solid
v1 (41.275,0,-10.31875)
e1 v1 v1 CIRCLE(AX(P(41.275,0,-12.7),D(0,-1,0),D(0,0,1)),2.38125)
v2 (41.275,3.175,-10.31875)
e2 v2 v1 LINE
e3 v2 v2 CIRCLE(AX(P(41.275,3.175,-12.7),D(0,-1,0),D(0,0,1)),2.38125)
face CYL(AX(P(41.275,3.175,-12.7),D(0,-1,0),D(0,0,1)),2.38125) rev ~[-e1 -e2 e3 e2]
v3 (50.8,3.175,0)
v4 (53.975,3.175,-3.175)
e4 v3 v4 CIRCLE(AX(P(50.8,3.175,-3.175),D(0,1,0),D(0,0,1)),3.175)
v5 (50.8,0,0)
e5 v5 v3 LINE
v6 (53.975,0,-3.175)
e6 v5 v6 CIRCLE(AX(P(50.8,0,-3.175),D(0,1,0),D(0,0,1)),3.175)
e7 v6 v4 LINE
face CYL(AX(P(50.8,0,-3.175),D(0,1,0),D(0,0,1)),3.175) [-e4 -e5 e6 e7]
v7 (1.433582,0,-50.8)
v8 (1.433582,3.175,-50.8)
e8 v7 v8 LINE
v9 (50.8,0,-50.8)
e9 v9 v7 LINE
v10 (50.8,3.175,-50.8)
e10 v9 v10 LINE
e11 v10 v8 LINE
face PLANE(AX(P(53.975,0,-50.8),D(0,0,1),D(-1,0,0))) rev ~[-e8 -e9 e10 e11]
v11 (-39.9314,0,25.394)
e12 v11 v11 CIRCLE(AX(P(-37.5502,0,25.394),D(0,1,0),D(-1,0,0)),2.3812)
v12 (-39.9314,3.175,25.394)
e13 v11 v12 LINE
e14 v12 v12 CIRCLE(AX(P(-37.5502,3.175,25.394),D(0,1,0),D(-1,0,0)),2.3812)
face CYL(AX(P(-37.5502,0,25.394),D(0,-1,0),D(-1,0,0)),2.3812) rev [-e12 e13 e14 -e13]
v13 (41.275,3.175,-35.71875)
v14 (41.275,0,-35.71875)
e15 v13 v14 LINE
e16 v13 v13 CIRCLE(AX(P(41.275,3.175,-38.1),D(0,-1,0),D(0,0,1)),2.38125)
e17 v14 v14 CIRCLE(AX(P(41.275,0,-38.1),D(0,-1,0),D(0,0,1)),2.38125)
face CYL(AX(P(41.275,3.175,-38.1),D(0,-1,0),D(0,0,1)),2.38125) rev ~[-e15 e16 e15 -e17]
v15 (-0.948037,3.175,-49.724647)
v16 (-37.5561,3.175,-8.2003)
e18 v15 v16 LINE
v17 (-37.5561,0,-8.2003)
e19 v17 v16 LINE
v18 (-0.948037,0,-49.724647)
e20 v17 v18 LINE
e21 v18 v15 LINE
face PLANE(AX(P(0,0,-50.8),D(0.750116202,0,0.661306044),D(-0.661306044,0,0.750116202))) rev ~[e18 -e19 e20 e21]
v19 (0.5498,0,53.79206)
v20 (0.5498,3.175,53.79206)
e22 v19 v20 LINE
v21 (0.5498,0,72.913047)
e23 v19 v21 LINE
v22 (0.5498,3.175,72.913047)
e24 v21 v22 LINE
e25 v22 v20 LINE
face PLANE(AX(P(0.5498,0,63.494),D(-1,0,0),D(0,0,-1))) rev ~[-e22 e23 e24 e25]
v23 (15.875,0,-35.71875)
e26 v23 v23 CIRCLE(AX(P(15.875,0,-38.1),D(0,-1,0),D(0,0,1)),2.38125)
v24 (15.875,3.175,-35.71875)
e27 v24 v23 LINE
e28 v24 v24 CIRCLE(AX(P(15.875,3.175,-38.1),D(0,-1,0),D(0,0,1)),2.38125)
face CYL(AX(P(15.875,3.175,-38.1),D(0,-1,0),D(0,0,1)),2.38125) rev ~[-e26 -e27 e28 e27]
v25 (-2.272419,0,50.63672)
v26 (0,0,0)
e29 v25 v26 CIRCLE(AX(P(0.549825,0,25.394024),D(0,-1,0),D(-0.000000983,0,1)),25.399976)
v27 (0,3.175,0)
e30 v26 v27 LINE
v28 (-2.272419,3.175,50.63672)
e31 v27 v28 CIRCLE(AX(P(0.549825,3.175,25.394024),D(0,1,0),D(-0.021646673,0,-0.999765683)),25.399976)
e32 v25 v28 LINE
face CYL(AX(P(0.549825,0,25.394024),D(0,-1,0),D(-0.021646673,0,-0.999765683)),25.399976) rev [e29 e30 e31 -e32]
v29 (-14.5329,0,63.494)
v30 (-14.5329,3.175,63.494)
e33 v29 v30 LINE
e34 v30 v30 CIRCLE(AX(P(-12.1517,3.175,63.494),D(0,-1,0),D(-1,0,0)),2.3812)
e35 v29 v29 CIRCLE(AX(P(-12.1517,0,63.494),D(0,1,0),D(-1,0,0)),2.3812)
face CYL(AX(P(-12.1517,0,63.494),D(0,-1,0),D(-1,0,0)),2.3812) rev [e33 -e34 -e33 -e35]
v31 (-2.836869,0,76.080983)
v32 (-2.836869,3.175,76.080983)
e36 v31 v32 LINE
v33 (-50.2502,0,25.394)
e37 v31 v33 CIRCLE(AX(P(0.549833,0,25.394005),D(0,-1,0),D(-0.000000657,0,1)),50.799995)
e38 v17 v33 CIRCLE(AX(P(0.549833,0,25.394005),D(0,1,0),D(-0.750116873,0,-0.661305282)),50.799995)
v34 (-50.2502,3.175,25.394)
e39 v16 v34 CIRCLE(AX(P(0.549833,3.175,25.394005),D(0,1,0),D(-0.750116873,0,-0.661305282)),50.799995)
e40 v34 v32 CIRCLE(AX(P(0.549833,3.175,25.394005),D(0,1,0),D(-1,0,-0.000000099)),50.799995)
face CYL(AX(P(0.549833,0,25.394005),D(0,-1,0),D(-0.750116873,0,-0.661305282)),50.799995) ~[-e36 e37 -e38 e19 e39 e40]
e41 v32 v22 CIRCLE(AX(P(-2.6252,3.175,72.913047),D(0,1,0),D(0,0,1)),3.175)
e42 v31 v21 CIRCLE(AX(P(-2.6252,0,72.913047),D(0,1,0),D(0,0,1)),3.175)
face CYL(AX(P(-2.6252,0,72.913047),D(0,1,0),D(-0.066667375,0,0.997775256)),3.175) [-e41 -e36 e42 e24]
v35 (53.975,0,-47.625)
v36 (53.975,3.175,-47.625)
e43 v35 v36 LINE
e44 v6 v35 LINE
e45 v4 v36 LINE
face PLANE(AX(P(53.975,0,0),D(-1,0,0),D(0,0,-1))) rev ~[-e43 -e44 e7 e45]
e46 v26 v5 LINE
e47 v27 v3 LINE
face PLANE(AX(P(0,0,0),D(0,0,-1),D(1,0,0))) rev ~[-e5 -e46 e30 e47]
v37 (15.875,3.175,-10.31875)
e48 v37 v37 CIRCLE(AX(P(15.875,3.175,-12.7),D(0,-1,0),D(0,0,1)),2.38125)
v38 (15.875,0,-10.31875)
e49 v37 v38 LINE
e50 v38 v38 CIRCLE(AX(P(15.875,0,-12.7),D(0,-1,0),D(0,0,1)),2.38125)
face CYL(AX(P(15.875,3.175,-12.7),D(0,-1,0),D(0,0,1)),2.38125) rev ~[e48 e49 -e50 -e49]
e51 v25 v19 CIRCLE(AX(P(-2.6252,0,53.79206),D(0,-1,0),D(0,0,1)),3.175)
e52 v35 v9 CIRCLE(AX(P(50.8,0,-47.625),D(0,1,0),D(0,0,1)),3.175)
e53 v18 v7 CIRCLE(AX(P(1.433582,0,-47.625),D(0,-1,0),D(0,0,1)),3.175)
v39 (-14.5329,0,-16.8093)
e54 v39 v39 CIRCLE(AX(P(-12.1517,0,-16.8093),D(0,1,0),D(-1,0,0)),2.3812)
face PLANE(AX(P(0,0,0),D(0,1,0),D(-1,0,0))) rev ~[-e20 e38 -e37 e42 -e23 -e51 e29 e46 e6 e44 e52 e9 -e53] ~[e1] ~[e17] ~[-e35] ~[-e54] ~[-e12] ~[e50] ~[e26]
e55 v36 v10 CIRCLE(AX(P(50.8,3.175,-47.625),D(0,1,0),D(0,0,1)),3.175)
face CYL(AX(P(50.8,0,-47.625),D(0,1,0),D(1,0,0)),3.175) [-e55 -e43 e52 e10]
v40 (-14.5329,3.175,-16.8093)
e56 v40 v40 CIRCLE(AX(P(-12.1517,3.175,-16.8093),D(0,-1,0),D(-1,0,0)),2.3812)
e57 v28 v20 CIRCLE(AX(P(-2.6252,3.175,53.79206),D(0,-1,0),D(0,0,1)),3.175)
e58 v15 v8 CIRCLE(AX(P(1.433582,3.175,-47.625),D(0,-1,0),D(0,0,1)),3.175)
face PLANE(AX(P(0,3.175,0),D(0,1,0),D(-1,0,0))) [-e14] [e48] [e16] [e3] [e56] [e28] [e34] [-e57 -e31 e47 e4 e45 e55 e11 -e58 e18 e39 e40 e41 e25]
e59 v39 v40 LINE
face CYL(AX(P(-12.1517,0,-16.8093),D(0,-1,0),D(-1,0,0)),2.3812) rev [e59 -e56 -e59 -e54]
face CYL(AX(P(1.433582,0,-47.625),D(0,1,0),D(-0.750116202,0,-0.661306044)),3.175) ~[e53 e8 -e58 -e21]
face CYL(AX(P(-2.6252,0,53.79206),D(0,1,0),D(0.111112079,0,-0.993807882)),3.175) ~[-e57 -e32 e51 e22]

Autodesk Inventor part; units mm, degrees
ref_plane "YZ Plane" through (0, 0, 0) normal (1, 0, 0) x (0, 1, 0)
ref_plane "XZ Plane" through (0, 0, 0) normal (0, 1, 0) x (-1, 0, 0)
ref_plane "XY Plane" through (0, 0, 0) normal (0, 0, 1) x (1, 0, 0)
sketch "Sketch3" plane through (0, 0, 0) normal (0, 1, 0) x (-1, 0, 0)
  arc A0 (0, 0) -> (-0.5498, 50.794) centre (-0.5498, 25.394) ccw
  arc A1 (37.5561, -8.2003) -> (-0.5498, 76.194) centre (-0.5498, 25.394) ccw
  line L0 (0, 0) -> (-53.975, 0)
  line L1 (-53.975, 0) -> (-53.975, -50.8)
  line L2 (-53.975, -50.8) -> (0, -50.8)
  line L3 (0, -50.8) -> (37.5561, -8.2003)
  line L4 (-0.5498, 76.194) -> (-0.5498, 50.794)
  line L5 (50.2502, 25.394) -> (37.5502, 25.394)
  circle A2 centre (37.5502, 25.394) radius 2.3812
  line L6 (24.8487, 25.6689) -> (12.1517, 25.394)
  line L7 (12.1517, 25.394) -> (12.1517, 85.7885)
  line L8 (12.1517, 85.7885) -> (12.1517, 25.394)
  line L9 (12.1517, 25.394) -> (12.1517, -39.1077)
  line L10 (-0.5498, 63.494) -> (12.1517, 63.494)
  line L11 (12.1517, 3.3979) -> (12.1517, -37.0164)
  line L12 (12.1517, -16.8093) -> (14.0122, -16.8093)
  circle A3 centre (12.1517, -16.8093) radius 2.3812
  circle A4 centre (12.1517, 63.494) radius 2.3812
  dimension "d19" = 25.4
  dimension "d20" = 25.4
  dimension "d21" = 53.975
  dimension "d22" = 50.8
  dimension "d23" = 53.975
  dimension "d39" = 12.7
  dimension "d40" = 4.7625
  dimension "d42" = 12.7
  dimension "d43" = 4.7625
  dimension "d44" = 4.7625
extrude "Extrusion3" add sketch "Sketch3" along normal blind 3.175 contours A0 L9 A3 L3 L2 L1 L0 | A2 | A0 L7 A4 A1 L3 L9 A3 | A3 L9 | L9 A3 | A0 L4 L10 A4 L7 | A4 L10 L7 | L7 A4 | L4 A1 L7 A4 L10 | L10 A4 L7
fillet "Fillet3" radius 3.175 5 edges at (0, 1.5875, -50.8) (53.975, 1.5875, -50.8) (53.975, 1.5875, 0) (0.5498, 1.5875, 50.794) (0.5498, 1.5875, 76.194)
sketch "Sketch4" plane through (0, 3.175, 0) normal (0, 1, 0) x (1, 0, 0)
  line L0 (53.975, 3.175) -> (53.975, 47.625) projected
  line L1 (53.975, 25.4) -> (41.275, 25.4)
  line L2 (41.275, 25.4) -> (41.275, 38.1)
  line L3 (41.275, 38.1) -> (41.275, 12.7)
  line L4 (41.275, 12.7) -> (15.875, 12.7)
  point P0 (0, 0)
  point P1 (15.875, 38.1)
  dimension "d27" = 12.7
  dimension "d28" = 12.7
  dimension "d29" = 25.4
  dimension "d30" = 25.4
  dimension "d31" = 25.4
hole "Hole1" at (15.875, 3.175, -38.1) at (15.875, 3.175, -12.7) at (41.275, 3.175, -12.7) at (41.275, 3.175, -38.1) direction (0, -1, 0) diameter 4.7625 end through all
extrude "Extrusion4" cut sketch "Sketch3" along normal blind 3.175 contours A2 | A3 L9 | L9 A3 | A4 L10 L7 | L7 A4 | L10 A4 L7
properties part number "hook v2"
